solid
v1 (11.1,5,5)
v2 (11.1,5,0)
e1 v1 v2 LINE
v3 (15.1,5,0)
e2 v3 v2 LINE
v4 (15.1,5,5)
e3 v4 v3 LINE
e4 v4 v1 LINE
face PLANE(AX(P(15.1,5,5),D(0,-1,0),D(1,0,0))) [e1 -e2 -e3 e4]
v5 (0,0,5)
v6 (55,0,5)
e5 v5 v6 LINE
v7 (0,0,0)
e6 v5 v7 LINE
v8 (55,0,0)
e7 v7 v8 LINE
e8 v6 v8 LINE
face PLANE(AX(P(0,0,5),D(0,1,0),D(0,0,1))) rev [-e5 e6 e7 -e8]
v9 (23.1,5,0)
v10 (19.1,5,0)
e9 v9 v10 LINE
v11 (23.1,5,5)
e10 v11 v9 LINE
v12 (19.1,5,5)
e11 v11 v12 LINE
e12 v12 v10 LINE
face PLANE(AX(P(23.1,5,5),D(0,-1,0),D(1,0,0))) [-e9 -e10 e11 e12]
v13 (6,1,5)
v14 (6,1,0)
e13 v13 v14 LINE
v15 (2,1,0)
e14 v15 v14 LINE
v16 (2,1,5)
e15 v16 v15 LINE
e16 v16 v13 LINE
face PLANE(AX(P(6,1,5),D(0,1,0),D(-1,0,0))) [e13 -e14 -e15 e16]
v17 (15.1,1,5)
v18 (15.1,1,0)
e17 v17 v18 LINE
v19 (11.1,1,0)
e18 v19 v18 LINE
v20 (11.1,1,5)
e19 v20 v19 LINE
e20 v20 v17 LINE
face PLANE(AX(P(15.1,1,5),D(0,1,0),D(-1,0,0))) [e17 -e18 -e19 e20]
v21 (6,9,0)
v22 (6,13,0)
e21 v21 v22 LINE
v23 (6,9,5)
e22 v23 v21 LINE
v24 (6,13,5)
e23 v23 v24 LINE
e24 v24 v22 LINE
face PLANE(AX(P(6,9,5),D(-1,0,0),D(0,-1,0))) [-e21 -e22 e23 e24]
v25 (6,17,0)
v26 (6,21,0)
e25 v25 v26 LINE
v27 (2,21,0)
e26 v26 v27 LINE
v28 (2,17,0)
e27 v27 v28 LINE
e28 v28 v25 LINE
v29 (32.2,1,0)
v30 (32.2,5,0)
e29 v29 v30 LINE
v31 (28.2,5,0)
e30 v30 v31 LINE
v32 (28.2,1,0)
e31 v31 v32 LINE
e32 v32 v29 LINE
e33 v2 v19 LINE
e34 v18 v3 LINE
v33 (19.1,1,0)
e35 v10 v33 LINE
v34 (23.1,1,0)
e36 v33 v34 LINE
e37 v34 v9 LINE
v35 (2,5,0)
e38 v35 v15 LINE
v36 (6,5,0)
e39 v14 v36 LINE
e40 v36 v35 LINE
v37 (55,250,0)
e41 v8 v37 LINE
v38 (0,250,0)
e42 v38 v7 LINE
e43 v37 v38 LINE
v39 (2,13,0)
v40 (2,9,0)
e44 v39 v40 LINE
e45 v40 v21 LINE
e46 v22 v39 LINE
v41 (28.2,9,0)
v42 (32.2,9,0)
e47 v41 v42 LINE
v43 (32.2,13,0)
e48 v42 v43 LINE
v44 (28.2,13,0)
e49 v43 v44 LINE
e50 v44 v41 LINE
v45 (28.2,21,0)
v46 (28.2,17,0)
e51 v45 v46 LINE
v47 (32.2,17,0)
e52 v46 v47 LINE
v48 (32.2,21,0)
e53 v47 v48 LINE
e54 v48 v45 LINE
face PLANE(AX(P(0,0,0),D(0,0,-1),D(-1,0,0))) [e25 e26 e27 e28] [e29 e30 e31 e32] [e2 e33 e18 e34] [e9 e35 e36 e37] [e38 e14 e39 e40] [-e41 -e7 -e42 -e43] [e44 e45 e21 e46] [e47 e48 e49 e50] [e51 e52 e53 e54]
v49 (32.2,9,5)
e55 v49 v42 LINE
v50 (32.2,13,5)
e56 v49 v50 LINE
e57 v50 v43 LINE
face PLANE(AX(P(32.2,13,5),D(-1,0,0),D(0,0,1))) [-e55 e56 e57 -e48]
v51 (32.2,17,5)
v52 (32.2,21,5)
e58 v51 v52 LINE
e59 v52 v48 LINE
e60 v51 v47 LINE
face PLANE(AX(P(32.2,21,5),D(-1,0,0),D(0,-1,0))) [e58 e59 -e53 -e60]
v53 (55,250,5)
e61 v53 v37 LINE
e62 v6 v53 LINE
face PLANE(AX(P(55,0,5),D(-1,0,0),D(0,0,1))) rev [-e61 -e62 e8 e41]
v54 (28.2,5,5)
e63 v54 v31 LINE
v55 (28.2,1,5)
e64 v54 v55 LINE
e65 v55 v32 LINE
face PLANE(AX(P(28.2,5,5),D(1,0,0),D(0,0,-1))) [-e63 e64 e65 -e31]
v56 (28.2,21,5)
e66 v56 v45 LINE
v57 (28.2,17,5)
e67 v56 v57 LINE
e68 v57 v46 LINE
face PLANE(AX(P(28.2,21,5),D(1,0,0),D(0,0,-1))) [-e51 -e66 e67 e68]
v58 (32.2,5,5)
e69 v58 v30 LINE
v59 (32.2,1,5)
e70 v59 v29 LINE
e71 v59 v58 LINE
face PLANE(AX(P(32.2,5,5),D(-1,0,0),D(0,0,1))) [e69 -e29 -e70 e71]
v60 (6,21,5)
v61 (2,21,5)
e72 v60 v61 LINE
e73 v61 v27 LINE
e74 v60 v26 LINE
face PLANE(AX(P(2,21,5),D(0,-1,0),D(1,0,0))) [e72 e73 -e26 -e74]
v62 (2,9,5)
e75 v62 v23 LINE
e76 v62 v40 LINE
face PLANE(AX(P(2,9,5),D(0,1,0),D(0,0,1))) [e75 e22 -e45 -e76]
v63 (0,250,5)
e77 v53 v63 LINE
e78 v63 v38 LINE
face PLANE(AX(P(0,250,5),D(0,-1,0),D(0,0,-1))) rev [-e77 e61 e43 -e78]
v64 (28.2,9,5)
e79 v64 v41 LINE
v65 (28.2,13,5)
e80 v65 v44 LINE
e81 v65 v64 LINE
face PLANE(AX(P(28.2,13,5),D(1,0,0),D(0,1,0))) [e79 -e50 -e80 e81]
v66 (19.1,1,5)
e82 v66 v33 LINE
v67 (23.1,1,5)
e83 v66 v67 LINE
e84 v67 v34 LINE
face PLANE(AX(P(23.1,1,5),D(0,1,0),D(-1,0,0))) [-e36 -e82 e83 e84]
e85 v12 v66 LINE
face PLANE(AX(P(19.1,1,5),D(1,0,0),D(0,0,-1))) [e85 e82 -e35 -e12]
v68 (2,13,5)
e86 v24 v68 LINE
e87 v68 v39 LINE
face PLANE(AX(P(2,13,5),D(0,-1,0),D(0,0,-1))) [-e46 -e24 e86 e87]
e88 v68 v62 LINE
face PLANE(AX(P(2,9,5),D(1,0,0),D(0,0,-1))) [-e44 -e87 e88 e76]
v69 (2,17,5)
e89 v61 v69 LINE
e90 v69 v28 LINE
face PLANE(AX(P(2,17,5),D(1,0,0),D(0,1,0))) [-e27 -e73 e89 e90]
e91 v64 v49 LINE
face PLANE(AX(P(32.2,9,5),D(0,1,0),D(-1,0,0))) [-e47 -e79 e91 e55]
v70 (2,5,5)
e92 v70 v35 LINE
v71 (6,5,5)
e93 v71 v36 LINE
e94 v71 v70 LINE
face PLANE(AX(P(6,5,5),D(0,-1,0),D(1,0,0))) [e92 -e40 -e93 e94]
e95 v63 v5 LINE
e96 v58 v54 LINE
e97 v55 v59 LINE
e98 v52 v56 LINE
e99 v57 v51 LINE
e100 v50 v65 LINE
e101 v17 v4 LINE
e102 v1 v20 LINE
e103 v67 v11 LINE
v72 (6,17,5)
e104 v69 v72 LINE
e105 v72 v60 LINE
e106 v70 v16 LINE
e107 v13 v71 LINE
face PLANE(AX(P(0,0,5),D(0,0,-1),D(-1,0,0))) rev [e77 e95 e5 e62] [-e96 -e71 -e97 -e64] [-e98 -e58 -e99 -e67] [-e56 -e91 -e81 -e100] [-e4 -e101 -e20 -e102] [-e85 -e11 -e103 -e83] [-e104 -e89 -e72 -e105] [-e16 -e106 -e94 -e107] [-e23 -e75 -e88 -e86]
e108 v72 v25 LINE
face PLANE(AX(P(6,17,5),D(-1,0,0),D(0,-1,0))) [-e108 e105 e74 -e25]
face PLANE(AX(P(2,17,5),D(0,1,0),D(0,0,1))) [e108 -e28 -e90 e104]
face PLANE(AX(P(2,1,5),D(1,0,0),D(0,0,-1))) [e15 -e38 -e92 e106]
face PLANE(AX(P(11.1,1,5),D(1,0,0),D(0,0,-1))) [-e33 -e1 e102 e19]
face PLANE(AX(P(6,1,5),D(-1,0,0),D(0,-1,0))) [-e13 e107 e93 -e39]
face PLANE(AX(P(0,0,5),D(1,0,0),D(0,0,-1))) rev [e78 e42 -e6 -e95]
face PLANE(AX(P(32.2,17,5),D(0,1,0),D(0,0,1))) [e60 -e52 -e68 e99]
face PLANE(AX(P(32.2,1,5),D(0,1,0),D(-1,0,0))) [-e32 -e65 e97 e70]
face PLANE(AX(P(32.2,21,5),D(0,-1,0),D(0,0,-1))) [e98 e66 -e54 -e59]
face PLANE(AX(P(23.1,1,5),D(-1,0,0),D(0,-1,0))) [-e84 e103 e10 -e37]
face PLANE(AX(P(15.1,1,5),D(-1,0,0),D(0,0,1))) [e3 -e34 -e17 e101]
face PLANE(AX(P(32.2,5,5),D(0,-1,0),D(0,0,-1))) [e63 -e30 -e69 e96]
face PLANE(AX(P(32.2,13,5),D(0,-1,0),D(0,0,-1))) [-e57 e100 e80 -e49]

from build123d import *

# Parameters (mm, degrees)
ESQUISSE1_W        = 55
ESQUISSE1_H        = 250
ESQUISSE1_W_2      = 4
ESQUISSE1_H_2      = 4
BOSS_EXTRU_1_DEPTH = 5


with BuildPart() as part:
    # Esquisse1 → Boss.-Extru.1 (new body)
    with BuildSketch(Plane.XY):
        with Locations((27.5, 125)):
            Rectangle(ESQUISSE1_W, ESQUISSE1_H)
        with Locations((30.2, 19)):
            Rectangle(ESQUISSE1_W_2, ESQUISSE1_H_2, mode=Mode.SUBTRACT)
        with Locations((30.2, 11)):
            Rectangle(ESQUISSE1_W_2, ESQUISSE1_H_2, mode=Mode.SUBTRACT)
        with Locations((30.2, 3)):
            Rectangle(ESQUISSE1_W_2, ESQUISSE1_H_2, mode=Mode.SUBTRACT)
        with Locations((21.1, 3)):
            Rectangle(ESQUISSE1_W_2, ESQUISSE1_H_2, mode=Mode.SUBTRACT)
        with Locations((13.1, 3)):
            Rectangle(ESQUISSE1_W_2, ESQUISSE1_H_2, mode=Mode.SUBTRACT)
        with Locations((4, 3)):
            Rectangle(ESQUISSE1_W_2, ESQUISSE1_H_2, mode=Mode.SUBTRACT)
        with Locations((4, 11)):
            Rectangle(ESQUISSE1_W_2, ESQUISSE1_H_2, mode=Mode.SUBTRACT)
        with Locations((4, 19)):
            Rectangle(ESQUISSE1_W_2, ESQUISSE1_H_2, mode=Mode.SUBTRACT)
    extrude(amount=BOSS_EXTRU_1_DEPTH)


solid = part.part
